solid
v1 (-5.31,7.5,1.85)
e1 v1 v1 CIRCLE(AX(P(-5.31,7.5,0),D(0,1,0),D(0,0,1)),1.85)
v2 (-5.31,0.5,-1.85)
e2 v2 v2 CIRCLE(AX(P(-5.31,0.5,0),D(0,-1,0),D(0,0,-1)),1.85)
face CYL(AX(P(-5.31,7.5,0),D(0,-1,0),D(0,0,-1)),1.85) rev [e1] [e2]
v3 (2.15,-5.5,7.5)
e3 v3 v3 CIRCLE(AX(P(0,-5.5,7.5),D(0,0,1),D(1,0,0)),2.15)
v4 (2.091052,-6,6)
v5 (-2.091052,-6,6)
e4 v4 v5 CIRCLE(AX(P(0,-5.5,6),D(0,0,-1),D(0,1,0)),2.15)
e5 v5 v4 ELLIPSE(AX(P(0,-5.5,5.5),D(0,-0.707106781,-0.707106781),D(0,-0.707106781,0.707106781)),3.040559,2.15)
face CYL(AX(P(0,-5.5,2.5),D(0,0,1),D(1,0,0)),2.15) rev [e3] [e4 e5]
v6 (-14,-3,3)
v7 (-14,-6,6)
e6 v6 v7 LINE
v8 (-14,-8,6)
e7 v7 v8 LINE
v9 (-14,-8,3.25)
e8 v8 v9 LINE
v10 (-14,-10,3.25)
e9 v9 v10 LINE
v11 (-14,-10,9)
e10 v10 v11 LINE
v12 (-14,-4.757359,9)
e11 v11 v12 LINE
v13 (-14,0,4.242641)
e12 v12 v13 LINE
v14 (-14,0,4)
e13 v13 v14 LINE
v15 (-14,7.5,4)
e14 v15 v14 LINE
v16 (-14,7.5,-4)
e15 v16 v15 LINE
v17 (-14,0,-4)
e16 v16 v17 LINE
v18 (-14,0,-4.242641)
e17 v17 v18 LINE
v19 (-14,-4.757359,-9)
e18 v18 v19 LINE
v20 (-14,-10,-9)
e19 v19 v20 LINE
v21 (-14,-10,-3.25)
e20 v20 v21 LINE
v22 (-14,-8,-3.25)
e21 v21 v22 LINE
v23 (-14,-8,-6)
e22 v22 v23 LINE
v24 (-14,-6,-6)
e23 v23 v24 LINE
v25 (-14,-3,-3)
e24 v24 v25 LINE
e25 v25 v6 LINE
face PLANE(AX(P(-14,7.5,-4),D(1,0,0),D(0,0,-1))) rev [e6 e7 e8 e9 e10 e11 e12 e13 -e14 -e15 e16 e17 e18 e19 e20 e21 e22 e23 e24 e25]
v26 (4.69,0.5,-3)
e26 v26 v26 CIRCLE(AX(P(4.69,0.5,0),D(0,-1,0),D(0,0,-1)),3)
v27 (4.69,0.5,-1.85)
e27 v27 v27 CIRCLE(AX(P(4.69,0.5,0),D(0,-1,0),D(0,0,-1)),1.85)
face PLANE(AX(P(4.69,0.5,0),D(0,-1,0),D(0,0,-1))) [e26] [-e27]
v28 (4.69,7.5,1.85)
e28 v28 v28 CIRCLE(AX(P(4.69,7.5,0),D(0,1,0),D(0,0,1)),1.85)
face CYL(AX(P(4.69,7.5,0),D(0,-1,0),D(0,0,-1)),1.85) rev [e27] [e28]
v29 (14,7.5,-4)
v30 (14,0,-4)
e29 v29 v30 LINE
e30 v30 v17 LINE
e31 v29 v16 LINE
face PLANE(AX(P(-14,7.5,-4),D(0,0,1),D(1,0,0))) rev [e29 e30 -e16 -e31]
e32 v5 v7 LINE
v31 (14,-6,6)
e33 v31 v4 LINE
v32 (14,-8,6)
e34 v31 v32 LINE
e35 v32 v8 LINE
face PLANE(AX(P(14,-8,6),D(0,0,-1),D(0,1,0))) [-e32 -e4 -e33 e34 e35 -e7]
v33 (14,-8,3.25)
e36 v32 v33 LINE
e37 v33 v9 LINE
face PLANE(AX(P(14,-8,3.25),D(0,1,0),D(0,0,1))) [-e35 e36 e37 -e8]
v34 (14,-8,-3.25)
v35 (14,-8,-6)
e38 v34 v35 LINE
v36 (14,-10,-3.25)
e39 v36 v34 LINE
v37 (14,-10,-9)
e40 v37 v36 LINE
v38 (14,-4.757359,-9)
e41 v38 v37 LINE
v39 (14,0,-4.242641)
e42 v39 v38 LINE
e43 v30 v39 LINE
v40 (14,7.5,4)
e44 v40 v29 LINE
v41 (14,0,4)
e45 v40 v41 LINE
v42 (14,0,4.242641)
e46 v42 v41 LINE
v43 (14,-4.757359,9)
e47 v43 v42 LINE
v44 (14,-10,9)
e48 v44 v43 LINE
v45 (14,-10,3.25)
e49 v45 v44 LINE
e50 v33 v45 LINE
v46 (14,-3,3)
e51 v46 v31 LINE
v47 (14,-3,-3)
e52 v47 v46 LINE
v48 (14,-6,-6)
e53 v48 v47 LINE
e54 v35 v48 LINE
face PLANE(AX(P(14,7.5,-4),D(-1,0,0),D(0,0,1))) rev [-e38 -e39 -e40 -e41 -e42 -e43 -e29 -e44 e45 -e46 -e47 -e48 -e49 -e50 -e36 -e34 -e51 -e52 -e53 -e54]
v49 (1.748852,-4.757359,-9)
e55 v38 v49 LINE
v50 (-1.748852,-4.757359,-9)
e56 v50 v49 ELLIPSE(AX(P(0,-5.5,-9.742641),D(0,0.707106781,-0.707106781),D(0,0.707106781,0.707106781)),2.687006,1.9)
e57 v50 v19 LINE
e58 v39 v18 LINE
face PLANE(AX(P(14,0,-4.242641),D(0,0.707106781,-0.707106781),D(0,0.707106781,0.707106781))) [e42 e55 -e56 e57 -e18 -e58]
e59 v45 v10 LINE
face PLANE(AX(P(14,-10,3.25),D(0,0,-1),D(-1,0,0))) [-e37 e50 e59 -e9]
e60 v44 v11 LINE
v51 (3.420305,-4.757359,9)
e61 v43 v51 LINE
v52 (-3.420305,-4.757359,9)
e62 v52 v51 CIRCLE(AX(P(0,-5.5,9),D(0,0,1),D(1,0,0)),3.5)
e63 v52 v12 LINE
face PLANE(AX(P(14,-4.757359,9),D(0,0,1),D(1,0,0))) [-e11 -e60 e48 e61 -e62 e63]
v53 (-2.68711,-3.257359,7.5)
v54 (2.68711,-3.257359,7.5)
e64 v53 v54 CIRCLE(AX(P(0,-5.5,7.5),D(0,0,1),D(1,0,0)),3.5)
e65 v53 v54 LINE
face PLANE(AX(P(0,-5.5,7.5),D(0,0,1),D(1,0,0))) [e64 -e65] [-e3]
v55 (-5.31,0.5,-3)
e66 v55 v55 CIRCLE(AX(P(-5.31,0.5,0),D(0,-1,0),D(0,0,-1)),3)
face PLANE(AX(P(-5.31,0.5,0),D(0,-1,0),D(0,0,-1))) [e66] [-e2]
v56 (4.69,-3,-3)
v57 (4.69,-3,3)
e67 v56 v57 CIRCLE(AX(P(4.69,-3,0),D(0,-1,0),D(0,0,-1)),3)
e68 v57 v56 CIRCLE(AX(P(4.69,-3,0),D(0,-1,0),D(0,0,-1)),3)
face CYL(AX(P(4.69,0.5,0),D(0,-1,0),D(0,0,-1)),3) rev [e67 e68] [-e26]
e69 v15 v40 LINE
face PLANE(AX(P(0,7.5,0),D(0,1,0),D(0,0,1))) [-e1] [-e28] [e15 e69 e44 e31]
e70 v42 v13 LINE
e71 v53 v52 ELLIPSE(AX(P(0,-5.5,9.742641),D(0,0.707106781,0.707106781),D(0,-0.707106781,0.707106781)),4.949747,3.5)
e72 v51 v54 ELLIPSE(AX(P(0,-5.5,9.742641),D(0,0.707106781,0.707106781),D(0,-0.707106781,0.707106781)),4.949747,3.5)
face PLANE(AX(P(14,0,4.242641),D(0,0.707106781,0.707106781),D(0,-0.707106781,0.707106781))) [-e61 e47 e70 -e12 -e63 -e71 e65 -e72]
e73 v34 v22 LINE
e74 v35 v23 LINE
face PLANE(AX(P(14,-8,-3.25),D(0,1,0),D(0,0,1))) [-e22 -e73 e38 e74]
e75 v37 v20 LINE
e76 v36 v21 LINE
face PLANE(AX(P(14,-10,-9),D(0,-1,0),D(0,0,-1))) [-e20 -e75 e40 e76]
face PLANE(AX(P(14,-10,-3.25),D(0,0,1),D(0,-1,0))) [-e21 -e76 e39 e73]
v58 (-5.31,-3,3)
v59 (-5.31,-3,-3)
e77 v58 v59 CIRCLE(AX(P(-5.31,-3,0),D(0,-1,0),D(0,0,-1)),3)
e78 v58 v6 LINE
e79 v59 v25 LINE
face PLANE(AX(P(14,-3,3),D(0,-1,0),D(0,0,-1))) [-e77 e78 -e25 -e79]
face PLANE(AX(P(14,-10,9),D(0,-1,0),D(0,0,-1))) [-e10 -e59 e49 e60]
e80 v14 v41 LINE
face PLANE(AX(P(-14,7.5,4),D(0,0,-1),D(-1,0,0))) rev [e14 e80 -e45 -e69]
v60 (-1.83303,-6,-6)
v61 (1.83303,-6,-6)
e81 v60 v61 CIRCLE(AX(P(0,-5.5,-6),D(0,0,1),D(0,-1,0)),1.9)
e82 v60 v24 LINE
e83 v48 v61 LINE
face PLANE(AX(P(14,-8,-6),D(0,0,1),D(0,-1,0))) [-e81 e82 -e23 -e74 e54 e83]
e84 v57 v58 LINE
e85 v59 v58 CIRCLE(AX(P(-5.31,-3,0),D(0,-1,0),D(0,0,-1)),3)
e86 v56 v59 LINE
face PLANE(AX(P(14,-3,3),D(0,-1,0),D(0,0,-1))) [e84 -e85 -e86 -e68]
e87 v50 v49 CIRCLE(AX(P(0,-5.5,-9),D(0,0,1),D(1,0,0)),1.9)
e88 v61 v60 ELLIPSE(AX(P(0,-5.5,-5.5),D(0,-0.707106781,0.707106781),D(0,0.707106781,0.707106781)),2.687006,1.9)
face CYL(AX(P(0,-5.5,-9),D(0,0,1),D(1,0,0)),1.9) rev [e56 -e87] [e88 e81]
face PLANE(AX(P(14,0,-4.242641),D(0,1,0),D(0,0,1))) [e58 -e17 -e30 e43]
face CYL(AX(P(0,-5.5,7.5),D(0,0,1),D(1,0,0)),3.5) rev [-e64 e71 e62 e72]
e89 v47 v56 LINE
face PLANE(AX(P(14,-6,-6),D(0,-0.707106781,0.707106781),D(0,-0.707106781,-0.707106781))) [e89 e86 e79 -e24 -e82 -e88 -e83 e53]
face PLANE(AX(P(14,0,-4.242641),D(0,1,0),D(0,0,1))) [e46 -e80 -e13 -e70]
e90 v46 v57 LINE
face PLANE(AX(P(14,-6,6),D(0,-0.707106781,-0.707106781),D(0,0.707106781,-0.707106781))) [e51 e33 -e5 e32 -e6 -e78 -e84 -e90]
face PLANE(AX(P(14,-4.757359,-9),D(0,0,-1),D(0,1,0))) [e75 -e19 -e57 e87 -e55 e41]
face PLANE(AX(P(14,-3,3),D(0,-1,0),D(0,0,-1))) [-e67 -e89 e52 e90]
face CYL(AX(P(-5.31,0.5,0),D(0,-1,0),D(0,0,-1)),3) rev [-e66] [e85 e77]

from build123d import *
from build123d.topology import SkipClean

# Parameters (mm, degrees)
CROQUIS1_W              = 28
CROQUIS1_H              = 8
CROQUIS1_R              = 1.85
SALIENTE_EXTRUIR1_DEPTH = 7.5
SALIENTE_EXTRUIR2_DEPTH = 28
CROQUIS4_R              = 1.85
CORTAR_EXTRUIR1_DEPTH   = 20.416487839
CROQUIS5_R              = 3
CORTAR_EXTRUIR2_DEPTH   = 3.5
CORTAR_EXTRUIR3_DEPTH   = 25.899799196
CROQUIS7_R              = 3.5
CORTAR_EXTRUIR4_DEPTH   = 1.5
CROQUIS8_R              = 2.15
CORTAR_EXTRUIR5_DEPTH   = 5


with BuildPart() as part:
    # Croquis1 → Saliente-Extruir1 (new body)
    with BuildSketch(Plane(origin=(0, 0, 0), x_dir=(1, 0, 0), z_dir=(0, 1, 0))):
        Rectangle(CROQUIS1_W, CROQUIS1_H)
        with Locations(Location((-5.31, 0, 0), (0, 0, 270))):
            Circle(CROQUIS1_R, mode=Mode.SUBTRACT)
        with Locations(Location((4.69, 0, 0), (0, 0, 270))):
            Circle(CROQUIS1_R, mode=Mode.SUBTRACT)
    extrude(amount=SALIENTE_EXTRUIR1_DEPTH)

    # Croquis3 → Saliente-Extruir2 (add, through all)
    with BuildSketch(Plane.ZY.offset(14)):
        Polygon((-4.242640687, 0), (4.242640687, 0), (9, -4.757359313), (9, -10), (3.25, -10), (3.25, -8), (6, -8), (6, -6), (3, -3), (-3, -3), (-6, -6), (-6, -8), (-3.25, -8), (-3.25, -10), (-9, -10), (-9, -4.757359313), align=None)
    extrude(amount=-SALIENTE_EXTRUIR2_DEPTH)

    # Croquis4 → Cortar-Extruir1 (cut, through all)
    with SkipClean():  # the faces are left unmerged after this step: merging them gives an invalid solid
        with BuildSketch(Plane(origin=(0, 0, 0), x_dir=(1, 0, 0), z_dir=(0, 1, 0))):
            with Locations(Location((4.69, 0, 0), (0, 0, 90))):
                Circle(CROQUIS4_R)
            with Locations(Location((-5.31, 0, 0), (0, 0, 90))):
                Circle(CROQUIS4_R)
        extrude(amount=-CORTAR_EXTRUIR1_DEPTH, mode=Mode.SUBTRACT)

    # Croquis5 → Cortar-Extruir2 (cut)
    with BuildSketch(Plane.XZ.offset(3)):
        with Locations(Location((-5.31, 0, 0), (0, 0, 270))):
            Circle(CROQUIS5_R)
        with Locations(Location((4.69, 0, 0), (0, 0, 270))):
            Circle(CROQUIS5_R)
    extrude(amount=-CORTAR_EXTRUIR2_DEPTH, mode=Mode.SUBTRACT)

    # Croquis6 → Cortar-Extruir3 (cut, through all)
    with BuildSketch(Plane.XY.offset(9)):
        with BuildLine():
            ThreePointArc((-1.748852427, -4.757359313), (-0.378932969, -7.361829693), (1.9, -5.5))
            ThreePointArc((1.9, -5.5), (1.861829693, -5.121067031), (1.748852427, -4.757359313))
            Line((1.748852427, -4.757359313), (-1.748852427, -4.757359313))
        make_face()
        with BuildLine():
            Line((-1.748852427, -4.757359313), (1.748852427, -4.757359313))
            ThreePointArc((1.748852427, -4.757359313), (0, -3.6), (-1.748852427, -4.757359313))
        make_face()
    extrude(amount=-CORTAR_EXTRUIR3_DEPTH, mode=Mode.SUBTRACT)

    # Croquis7 → Cortar-Extruir4 (cut)
    with BuildSketch(Plane.XY.offset(9)):
        with Locations((0, -5.5)):
            Circle(CROQUIS7_R)
    extrude(amount=-CORTAR_EXTRUIR4_DEPTH, mode=Mode.SUBTRACT)

    # Croquis8 → Cortar-Extruir5 (cut)
    with BuildSketch(Plane.XY.offset(7.5)):
        with Locations((0, -5.5)):
            Circle(CROQUIS8_R)
    extrude(amount=-CORTAR_EXTRUIR5_DEPTH, mode=Mode.SUBTRACT)


solid = part.part
